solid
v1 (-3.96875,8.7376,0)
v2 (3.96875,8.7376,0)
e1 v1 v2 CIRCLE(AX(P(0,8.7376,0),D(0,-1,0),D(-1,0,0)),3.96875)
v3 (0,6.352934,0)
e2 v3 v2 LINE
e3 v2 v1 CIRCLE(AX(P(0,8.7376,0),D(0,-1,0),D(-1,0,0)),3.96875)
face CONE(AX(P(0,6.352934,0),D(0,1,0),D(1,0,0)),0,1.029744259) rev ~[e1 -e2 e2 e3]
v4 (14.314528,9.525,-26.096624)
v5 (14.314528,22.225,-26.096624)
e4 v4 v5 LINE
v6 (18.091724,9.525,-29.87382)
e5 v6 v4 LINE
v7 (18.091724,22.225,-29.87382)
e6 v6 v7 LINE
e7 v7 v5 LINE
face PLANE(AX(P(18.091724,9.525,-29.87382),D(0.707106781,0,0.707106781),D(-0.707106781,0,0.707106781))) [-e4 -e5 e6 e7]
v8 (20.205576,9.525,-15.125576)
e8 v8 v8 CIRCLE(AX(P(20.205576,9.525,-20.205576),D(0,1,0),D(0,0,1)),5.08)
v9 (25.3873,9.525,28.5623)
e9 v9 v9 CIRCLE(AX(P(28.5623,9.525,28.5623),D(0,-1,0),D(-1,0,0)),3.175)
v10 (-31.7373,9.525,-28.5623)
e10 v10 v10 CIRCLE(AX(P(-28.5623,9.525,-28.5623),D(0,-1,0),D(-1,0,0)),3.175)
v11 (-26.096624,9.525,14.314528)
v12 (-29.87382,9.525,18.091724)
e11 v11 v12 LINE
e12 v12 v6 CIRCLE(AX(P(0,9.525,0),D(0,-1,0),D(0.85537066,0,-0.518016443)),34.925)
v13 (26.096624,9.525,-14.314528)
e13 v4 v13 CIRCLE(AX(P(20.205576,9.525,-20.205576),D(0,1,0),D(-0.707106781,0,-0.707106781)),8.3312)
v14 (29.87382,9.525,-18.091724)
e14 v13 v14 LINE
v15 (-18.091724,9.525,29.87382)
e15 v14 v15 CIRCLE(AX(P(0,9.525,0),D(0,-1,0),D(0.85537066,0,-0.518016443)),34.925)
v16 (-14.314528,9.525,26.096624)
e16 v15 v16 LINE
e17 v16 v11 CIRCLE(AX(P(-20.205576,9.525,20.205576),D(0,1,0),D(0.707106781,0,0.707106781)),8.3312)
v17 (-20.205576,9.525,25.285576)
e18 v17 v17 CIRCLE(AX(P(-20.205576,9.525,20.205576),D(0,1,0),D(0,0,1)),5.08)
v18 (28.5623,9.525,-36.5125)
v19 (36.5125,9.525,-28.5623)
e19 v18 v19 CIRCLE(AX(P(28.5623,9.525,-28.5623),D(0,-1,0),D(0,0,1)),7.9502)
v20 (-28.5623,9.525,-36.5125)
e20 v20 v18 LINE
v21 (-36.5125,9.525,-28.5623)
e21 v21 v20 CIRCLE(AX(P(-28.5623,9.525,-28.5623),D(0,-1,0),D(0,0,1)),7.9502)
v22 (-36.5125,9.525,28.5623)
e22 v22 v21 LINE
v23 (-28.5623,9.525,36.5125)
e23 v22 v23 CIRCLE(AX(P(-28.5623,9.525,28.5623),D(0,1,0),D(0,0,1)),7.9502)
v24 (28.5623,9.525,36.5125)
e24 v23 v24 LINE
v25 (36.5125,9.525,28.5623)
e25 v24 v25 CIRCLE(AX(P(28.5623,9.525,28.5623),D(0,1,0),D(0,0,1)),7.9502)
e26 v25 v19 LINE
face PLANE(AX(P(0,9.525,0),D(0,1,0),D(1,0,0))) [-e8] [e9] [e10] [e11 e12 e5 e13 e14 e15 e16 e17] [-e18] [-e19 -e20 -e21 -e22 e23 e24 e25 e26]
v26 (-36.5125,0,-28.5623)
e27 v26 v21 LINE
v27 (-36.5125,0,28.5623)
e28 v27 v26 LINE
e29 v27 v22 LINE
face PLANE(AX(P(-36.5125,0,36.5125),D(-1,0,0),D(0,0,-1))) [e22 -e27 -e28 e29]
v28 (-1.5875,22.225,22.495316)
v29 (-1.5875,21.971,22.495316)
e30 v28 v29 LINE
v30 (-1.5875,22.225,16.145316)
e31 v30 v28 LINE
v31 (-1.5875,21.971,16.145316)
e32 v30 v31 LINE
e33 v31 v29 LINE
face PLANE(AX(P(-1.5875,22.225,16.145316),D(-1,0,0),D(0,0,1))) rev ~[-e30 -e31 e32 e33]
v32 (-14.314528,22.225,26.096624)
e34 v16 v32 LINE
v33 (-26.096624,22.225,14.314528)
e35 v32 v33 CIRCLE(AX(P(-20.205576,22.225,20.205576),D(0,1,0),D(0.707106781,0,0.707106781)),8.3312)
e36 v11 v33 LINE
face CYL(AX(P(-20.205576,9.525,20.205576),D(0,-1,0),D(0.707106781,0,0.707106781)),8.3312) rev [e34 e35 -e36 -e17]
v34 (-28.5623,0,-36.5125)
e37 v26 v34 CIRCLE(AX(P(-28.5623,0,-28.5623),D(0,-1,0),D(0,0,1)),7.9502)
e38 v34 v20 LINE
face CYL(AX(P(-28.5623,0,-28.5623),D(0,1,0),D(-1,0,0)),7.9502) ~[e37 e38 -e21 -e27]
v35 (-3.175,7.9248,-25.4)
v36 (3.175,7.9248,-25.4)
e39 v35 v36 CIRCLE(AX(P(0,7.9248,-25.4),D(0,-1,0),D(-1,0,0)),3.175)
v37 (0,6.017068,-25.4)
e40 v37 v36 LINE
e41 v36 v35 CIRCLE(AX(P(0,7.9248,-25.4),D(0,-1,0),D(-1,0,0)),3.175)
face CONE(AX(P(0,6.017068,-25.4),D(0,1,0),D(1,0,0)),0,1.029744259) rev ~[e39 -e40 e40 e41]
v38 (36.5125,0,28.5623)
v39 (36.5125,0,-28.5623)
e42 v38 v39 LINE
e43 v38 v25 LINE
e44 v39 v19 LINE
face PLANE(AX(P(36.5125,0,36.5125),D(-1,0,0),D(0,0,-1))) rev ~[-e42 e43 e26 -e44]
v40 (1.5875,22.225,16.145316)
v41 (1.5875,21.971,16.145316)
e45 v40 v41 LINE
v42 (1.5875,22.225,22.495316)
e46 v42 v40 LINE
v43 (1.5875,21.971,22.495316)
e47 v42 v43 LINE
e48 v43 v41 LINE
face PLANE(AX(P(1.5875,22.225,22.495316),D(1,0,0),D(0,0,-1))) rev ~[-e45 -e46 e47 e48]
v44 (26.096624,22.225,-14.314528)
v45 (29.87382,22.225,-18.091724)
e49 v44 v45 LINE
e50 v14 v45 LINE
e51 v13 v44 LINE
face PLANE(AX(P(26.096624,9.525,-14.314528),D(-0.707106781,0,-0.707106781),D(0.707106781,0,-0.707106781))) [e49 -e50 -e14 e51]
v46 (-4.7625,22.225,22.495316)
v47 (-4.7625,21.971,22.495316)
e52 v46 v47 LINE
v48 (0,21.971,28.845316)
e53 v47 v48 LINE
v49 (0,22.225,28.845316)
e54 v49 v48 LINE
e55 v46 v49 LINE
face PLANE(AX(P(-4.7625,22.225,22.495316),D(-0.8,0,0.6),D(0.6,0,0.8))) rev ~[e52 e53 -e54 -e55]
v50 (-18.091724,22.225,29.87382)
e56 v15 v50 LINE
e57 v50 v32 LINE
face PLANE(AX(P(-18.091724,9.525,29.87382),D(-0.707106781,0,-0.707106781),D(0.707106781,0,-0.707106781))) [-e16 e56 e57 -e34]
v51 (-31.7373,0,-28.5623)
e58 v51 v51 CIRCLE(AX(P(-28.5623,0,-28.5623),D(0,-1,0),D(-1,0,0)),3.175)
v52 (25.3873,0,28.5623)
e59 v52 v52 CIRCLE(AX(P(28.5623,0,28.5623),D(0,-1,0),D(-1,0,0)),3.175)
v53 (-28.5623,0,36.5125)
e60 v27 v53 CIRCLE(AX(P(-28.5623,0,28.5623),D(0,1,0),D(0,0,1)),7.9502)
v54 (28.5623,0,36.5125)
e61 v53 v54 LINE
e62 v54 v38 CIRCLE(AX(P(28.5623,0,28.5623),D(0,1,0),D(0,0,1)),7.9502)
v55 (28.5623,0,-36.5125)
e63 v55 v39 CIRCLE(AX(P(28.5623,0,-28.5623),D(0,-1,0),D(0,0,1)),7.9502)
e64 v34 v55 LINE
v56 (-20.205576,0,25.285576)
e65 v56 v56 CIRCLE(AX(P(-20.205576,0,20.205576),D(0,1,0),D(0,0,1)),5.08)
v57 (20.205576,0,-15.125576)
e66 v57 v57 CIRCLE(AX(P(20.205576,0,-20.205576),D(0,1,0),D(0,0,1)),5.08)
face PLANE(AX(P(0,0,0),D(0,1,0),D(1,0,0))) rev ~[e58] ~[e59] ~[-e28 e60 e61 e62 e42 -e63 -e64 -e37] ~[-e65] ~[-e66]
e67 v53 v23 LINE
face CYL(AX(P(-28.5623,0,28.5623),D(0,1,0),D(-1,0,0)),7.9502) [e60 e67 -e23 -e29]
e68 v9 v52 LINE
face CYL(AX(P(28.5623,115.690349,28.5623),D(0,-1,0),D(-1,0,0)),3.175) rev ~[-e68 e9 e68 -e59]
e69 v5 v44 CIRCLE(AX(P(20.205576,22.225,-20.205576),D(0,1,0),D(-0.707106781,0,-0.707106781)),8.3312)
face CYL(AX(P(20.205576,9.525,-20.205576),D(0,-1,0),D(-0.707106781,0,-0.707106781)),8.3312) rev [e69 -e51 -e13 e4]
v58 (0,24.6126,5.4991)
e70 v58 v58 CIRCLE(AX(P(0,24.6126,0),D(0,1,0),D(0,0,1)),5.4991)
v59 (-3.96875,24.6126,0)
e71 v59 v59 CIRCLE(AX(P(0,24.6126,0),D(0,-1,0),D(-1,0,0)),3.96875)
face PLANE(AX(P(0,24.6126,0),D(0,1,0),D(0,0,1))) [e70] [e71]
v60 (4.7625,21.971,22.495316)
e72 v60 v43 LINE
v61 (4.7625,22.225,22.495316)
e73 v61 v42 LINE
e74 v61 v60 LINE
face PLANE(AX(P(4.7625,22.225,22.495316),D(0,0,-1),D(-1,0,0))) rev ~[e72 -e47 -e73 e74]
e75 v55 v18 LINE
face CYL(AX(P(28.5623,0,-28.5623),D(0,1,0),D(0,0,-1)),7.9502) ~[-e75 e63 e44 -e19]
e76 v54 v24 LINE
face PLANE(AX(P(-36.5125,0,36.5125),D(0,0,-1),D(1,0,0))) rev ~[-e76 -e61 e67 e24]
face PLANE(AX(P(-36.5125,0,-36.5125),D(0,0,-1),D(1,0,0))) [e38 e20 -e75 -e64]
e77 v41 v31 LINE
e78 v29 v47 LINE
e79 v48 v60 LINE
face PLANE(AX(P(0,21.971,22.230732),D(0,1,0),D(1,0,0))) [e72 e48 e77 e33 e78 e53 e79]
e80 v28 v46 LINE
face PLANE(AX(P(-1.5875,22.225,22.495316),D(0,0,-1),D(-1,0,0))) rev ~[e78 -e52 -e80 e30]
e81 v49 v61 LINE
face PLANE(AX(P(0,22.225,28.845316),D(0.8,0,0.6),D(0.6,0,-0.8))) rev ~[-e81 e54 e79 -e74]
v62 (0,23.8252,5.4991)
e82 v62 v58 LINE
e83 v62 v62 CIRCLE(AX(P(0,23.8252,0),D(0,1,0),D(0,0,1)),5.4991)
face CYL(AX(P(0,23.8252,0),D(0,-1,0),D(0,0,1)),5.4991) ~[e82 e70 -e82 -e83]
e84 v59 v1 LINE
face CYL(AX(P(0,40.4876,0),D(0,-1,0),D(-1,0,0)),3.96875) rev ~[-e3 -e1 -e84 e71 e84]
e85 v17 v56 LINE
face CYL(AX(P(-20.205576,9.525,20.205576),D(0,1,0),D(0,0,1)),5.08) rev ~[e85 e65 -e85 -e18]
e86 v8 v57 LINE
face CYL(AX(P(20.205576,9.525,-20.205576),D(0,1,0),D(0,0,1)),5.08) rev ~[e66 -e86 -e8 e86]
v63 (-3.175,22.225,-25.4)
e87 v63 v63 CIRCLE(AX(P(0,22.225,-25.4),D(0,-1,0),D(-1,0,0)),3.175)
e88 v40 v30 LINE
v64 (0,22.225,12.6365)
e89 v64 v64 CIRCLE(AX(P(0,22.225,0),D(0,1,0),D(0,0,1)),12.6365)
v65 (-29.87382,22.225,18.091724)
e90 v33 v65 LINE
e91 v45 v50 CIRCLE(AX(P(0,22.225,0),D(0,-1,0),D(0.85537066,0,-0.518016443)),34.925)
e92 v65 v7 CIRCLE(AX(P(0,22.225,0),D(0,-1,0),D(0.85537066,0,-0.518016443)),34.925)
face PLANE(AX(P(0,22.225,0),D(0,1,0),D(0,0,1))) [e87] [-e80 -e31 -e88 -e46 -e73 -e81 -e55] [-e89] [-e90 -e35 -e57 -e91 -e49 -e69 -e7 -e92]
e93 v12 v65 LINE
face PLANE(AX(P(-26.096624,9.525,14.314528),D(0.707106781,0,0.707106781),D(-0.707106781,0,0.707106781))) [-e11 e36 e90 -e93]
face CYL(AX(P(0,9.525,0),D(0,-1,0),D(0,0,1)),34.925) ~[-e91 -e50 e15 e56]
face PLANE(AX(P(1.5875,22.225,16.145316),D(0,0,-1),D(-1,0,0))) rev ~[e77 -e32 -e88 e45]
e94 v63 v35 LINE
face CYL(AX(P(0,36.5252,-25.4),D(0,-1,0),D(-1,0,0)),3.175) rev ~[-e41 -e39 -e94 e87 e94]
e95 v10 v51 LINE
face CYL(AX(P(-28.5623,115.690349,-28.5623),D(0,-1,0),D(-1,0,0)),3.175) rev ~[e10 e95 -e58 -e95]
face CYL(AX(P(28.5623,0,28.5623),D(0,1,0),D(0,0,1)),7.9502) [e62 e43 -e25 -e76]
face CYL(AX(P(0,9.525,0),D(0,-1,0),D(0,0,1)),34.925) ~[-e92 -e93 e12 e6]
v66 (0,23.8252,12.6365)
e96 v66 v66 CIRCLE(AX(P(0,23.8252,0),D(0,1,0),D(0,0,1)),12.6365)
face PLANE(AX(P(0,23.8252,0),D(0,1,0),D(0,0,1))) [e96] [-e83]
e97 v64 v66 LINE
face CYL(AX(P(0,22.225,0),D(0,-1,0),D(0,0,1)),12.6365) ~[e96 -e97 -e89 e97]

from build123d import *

# Parameters (mm, degrees)
SKETCH4_W                       = 73.025
SKETCH4_H                       = 73.025
BOSS_EXTRUDE1_DEPTH             = 9.525
SKETCH7_R                       = 34.925
BOSS_EXTRUDE3_DEPTH             = 12.7
FILLET1_R                       = 7.9502
SKETCH8_R                       = 12.6365
BOSS_EXTRUDE4_DEPTH             = 1.6002
SKETCH9_R                       = 5.4991
BOSS_EXTRUDE5_DEPTH             = 0.7874
CUT_EXTRUDE1_START              = -12.7
CUT_EXTRUDE1_DEPTH              = 12.7
CIRPATTERN1_COUNT               = 2
SKETCH11_R                      = 5.08
CUT_EXTRUDE2_DEPTH              = 54.795548015
F_1_4_0_25_DIAMETER_HOLE1_D     = 6.35
F_1_4_0_25_DIAMETER_HOLE2_D     = 6.35
F_1_4_0_25_DIAMETER_HOLE2_DEPTH = 14.3002
F_1_4_0_25_DIAMETER_HOLE2_TIP   = 1.907732465
F_3_8_16_TAPPED_HOLE1_D         = 7.9375
F_3_8_16_TAPPED_HOLE1_DEPTH     = 15.875
F_3_8_16_TAPPED_HOLE1_TIP       = 2.384665582
CUT_EXTRUDE3_DEPTH              = 0.254


with BuildPart() as part:
    # Sketch4 → Boss-Extrude1 (new body)
    with BuildSketch(Plane(origin=(0, 0, 0), x_dir=(1, 0, 0), z_dir=(0, 1, 0))):
        Rectangle(SKETCH4_W, SKETCH4_H)
    extrude(amount=BOSS_EXTRUDE1_DEPTH)

    # Sketch7 → Boss-Extrude3 (add)
    with BuildSketch(Plane(origin=(0, 9.525, 0), x_dir=(1, 0, 0), z_dir=(0, 1, 0))):
        with Locations(Location((0, 0, 0), (0, 0, 270))):
            Circle(SKETCH7_R)
    extrude(amount=BOSS_EXTRUDE3_DEPTH)

    # Fillet1
    fillet1_edges = [part.edges().sort_by_distance(p)[0] for p in [
        (36.5125, 4.7625, 36.5125),
        (-36.5125, 4.7625, 36.5125),
        (-36.5125, 4.7625, -36.5125),
        (36.5125, 4.7625, -36.5125),
    ]]
    fillet(fillet1_edges, radius=FILLET1_R)

    # Sketch8 → Boss-Extrude4 (add)
    with BuildSketch(Plane(origin=(0, 22.225, 0), x_dir=(1, 0, 0), z_dir=(0, 1, 0))):
        with Locations(Location((0, 0, 0), (0, 0, 270))):
            Circle(SKETCH8_R)
    extrude(amount=BOSS_EXTRUDE4_DEPTH)

    # Sketch9 → Boss-Extrude5 (add)
    with BuildSketch(Plane(origin=(0, 23.8252, 0), x_dir=(1, 0, 0), z_dir=(0, 1, 0))):
        with Locations(Location((0, 0, 0), (0, 0, 270))):
            Circle(SKETCH9_R)
    extrude(amount=BOSS_EXTRUDE5_DEPTH)

    # Sketch10 → Cut-Extrude1 (cut)
    with BuildSketch(Plane(origin=(0, 22.225, 0), x_dir=(1, 0, 0), z_dir=(0, 1, 0)).offset(CUT_EXTRUDE1_START)):
        with BuildLine():
            Line((26.096624288, 14.314528257), (29.873820286, 18.091724255))
            ThreePointArc((29.873820286, 18.091724255), (24.695704333, 24.695704333), (18.091724255, 29.873820286))
            Line((18.091724255, 29.873820286), (14.314528257, 26.096624288))
            ThreePointArc((14.314528257, 26.096624288), (14.314528257, 14.314528257), (26.096624288, 14.314528257))
        make_face()
    cut_extrude1 = extrude(amount=CUT_EXTRUDE1_DEPTH, mode=Mode.SUBTRACT)

    # CirPattern1: Cut-Extrude1 ×2 about axis
    cirpattern1_axis = Axis((0, 0, 0), (0, 1, 0))
    for i in range(1, CIRPATTERN1_COUNT):
        add(cut_extrude1.rotate(cirpattern1_axis, i * 360 / CIRPATTERN1_COUNT), mode=Mode.SUBTRACT)

    # Sketch11 → Cut-Extrude2 (cut, through all)
    with BuildSketch(Plane(origin=(0, 9.525, 0), x_dir=(1, 0, 0), z_dir=(0, 1, 0))):
        with Locations(Location((20.205576272, 20.205576272, 0), (0, 0, 270))):
            Circle(SKETCH11_R)
        with Locations(Location((-20.205576272, -20.205576272, 0), (0, 0, 270))):
            Circle(SKETCH11_R)
    extrude(amount=-CUT_EXTRUDE2_DEPTH, mode=Mode.SUBTRACT)

    # 1/4 (0.25) Diameter Hole1 (through all)
    with Locations(Plane(origin=(0, 9.525, 0), x_dir=(1, 0, 0), z_dir=(0, 1, 0))):
        with Locations((-28.5623, 28.5623), (28.5623, -28.5623)):
            Hole(F_1_4_0_25_DIAMETER_HOLE1_D / 2)

    # 1/4 (0.25) Diameter Hole2
    with Locations(Plane(origin=(0, 22.225, 0), x_dir=(1, 0, 0), z_dir=(0, 1, 0))):
        with Locations((0, 25.4)):
            Hole(F_1_4_0_25_DIAMETER_HOLE2_D / 2, depth=F_1_4_0_25_DIAMETER_HOLE2_DEPTH)
            with Locations((0, 0, -(F_1_4_0_25_DIAMETER_HOLE2_DEPTH + F_1_4_0_25_DIAMETER_HOLE2_TIP / 2))):  # 118° drill point
                Cone(0, F_1_4_0_25_DIAMETER_HOLE2_D / 2, F_1_4_0_25_DIAMETER_HOLE2_TIP, mode=Mode.SUBTRACT)

    # 3/8-16 Tapped Hole1
    with Locations(Plane(origin=(0, 24.6126, 0), x_dir=(1, 0, 0), z_dir=(0, 1, 0))):
        with Locations((0, 0)):
            Hole(F_3_8_16_TAPPED_HOLE1_D / 2, depth=F_3_8_16_TAPPED_HOLE1_DEPTH)
            with Locations((0, 0, -(F_3_8_16_TAPPED_HOLE1_DEPTH + F_3_8_16_TAPPED_HOLE1_TIP / 2))):  # 118° drill point
                Cone(0, F_3_8_16_TAPPED_HOLE1_D / 2, F_3_8_16_TAPPED_HOLE1_TIP, mode=Mode.SUBTRACT)

    # Sketch18 → Cut-Extrude3 (cut)
    with BuildSketch(Plane(origin=(0, 22.225, 0), x_dir=(1, 0, 0), z_dir=(0, 1, 0))):
        Polygon((0, -28.845315502), (4.7625, -22.495315502), (1.5875, -22.495315502), (1.5875, -16.145315502), (-1.5875, -16.145315502), (-1.5875, -22.495315502), (-4.7625, -22.495315502), align=None)
    extrude(amount=-CUT_EXTRUDE3_DEPTH, mode=Mode.SUBTRACT)


solid = part.part
